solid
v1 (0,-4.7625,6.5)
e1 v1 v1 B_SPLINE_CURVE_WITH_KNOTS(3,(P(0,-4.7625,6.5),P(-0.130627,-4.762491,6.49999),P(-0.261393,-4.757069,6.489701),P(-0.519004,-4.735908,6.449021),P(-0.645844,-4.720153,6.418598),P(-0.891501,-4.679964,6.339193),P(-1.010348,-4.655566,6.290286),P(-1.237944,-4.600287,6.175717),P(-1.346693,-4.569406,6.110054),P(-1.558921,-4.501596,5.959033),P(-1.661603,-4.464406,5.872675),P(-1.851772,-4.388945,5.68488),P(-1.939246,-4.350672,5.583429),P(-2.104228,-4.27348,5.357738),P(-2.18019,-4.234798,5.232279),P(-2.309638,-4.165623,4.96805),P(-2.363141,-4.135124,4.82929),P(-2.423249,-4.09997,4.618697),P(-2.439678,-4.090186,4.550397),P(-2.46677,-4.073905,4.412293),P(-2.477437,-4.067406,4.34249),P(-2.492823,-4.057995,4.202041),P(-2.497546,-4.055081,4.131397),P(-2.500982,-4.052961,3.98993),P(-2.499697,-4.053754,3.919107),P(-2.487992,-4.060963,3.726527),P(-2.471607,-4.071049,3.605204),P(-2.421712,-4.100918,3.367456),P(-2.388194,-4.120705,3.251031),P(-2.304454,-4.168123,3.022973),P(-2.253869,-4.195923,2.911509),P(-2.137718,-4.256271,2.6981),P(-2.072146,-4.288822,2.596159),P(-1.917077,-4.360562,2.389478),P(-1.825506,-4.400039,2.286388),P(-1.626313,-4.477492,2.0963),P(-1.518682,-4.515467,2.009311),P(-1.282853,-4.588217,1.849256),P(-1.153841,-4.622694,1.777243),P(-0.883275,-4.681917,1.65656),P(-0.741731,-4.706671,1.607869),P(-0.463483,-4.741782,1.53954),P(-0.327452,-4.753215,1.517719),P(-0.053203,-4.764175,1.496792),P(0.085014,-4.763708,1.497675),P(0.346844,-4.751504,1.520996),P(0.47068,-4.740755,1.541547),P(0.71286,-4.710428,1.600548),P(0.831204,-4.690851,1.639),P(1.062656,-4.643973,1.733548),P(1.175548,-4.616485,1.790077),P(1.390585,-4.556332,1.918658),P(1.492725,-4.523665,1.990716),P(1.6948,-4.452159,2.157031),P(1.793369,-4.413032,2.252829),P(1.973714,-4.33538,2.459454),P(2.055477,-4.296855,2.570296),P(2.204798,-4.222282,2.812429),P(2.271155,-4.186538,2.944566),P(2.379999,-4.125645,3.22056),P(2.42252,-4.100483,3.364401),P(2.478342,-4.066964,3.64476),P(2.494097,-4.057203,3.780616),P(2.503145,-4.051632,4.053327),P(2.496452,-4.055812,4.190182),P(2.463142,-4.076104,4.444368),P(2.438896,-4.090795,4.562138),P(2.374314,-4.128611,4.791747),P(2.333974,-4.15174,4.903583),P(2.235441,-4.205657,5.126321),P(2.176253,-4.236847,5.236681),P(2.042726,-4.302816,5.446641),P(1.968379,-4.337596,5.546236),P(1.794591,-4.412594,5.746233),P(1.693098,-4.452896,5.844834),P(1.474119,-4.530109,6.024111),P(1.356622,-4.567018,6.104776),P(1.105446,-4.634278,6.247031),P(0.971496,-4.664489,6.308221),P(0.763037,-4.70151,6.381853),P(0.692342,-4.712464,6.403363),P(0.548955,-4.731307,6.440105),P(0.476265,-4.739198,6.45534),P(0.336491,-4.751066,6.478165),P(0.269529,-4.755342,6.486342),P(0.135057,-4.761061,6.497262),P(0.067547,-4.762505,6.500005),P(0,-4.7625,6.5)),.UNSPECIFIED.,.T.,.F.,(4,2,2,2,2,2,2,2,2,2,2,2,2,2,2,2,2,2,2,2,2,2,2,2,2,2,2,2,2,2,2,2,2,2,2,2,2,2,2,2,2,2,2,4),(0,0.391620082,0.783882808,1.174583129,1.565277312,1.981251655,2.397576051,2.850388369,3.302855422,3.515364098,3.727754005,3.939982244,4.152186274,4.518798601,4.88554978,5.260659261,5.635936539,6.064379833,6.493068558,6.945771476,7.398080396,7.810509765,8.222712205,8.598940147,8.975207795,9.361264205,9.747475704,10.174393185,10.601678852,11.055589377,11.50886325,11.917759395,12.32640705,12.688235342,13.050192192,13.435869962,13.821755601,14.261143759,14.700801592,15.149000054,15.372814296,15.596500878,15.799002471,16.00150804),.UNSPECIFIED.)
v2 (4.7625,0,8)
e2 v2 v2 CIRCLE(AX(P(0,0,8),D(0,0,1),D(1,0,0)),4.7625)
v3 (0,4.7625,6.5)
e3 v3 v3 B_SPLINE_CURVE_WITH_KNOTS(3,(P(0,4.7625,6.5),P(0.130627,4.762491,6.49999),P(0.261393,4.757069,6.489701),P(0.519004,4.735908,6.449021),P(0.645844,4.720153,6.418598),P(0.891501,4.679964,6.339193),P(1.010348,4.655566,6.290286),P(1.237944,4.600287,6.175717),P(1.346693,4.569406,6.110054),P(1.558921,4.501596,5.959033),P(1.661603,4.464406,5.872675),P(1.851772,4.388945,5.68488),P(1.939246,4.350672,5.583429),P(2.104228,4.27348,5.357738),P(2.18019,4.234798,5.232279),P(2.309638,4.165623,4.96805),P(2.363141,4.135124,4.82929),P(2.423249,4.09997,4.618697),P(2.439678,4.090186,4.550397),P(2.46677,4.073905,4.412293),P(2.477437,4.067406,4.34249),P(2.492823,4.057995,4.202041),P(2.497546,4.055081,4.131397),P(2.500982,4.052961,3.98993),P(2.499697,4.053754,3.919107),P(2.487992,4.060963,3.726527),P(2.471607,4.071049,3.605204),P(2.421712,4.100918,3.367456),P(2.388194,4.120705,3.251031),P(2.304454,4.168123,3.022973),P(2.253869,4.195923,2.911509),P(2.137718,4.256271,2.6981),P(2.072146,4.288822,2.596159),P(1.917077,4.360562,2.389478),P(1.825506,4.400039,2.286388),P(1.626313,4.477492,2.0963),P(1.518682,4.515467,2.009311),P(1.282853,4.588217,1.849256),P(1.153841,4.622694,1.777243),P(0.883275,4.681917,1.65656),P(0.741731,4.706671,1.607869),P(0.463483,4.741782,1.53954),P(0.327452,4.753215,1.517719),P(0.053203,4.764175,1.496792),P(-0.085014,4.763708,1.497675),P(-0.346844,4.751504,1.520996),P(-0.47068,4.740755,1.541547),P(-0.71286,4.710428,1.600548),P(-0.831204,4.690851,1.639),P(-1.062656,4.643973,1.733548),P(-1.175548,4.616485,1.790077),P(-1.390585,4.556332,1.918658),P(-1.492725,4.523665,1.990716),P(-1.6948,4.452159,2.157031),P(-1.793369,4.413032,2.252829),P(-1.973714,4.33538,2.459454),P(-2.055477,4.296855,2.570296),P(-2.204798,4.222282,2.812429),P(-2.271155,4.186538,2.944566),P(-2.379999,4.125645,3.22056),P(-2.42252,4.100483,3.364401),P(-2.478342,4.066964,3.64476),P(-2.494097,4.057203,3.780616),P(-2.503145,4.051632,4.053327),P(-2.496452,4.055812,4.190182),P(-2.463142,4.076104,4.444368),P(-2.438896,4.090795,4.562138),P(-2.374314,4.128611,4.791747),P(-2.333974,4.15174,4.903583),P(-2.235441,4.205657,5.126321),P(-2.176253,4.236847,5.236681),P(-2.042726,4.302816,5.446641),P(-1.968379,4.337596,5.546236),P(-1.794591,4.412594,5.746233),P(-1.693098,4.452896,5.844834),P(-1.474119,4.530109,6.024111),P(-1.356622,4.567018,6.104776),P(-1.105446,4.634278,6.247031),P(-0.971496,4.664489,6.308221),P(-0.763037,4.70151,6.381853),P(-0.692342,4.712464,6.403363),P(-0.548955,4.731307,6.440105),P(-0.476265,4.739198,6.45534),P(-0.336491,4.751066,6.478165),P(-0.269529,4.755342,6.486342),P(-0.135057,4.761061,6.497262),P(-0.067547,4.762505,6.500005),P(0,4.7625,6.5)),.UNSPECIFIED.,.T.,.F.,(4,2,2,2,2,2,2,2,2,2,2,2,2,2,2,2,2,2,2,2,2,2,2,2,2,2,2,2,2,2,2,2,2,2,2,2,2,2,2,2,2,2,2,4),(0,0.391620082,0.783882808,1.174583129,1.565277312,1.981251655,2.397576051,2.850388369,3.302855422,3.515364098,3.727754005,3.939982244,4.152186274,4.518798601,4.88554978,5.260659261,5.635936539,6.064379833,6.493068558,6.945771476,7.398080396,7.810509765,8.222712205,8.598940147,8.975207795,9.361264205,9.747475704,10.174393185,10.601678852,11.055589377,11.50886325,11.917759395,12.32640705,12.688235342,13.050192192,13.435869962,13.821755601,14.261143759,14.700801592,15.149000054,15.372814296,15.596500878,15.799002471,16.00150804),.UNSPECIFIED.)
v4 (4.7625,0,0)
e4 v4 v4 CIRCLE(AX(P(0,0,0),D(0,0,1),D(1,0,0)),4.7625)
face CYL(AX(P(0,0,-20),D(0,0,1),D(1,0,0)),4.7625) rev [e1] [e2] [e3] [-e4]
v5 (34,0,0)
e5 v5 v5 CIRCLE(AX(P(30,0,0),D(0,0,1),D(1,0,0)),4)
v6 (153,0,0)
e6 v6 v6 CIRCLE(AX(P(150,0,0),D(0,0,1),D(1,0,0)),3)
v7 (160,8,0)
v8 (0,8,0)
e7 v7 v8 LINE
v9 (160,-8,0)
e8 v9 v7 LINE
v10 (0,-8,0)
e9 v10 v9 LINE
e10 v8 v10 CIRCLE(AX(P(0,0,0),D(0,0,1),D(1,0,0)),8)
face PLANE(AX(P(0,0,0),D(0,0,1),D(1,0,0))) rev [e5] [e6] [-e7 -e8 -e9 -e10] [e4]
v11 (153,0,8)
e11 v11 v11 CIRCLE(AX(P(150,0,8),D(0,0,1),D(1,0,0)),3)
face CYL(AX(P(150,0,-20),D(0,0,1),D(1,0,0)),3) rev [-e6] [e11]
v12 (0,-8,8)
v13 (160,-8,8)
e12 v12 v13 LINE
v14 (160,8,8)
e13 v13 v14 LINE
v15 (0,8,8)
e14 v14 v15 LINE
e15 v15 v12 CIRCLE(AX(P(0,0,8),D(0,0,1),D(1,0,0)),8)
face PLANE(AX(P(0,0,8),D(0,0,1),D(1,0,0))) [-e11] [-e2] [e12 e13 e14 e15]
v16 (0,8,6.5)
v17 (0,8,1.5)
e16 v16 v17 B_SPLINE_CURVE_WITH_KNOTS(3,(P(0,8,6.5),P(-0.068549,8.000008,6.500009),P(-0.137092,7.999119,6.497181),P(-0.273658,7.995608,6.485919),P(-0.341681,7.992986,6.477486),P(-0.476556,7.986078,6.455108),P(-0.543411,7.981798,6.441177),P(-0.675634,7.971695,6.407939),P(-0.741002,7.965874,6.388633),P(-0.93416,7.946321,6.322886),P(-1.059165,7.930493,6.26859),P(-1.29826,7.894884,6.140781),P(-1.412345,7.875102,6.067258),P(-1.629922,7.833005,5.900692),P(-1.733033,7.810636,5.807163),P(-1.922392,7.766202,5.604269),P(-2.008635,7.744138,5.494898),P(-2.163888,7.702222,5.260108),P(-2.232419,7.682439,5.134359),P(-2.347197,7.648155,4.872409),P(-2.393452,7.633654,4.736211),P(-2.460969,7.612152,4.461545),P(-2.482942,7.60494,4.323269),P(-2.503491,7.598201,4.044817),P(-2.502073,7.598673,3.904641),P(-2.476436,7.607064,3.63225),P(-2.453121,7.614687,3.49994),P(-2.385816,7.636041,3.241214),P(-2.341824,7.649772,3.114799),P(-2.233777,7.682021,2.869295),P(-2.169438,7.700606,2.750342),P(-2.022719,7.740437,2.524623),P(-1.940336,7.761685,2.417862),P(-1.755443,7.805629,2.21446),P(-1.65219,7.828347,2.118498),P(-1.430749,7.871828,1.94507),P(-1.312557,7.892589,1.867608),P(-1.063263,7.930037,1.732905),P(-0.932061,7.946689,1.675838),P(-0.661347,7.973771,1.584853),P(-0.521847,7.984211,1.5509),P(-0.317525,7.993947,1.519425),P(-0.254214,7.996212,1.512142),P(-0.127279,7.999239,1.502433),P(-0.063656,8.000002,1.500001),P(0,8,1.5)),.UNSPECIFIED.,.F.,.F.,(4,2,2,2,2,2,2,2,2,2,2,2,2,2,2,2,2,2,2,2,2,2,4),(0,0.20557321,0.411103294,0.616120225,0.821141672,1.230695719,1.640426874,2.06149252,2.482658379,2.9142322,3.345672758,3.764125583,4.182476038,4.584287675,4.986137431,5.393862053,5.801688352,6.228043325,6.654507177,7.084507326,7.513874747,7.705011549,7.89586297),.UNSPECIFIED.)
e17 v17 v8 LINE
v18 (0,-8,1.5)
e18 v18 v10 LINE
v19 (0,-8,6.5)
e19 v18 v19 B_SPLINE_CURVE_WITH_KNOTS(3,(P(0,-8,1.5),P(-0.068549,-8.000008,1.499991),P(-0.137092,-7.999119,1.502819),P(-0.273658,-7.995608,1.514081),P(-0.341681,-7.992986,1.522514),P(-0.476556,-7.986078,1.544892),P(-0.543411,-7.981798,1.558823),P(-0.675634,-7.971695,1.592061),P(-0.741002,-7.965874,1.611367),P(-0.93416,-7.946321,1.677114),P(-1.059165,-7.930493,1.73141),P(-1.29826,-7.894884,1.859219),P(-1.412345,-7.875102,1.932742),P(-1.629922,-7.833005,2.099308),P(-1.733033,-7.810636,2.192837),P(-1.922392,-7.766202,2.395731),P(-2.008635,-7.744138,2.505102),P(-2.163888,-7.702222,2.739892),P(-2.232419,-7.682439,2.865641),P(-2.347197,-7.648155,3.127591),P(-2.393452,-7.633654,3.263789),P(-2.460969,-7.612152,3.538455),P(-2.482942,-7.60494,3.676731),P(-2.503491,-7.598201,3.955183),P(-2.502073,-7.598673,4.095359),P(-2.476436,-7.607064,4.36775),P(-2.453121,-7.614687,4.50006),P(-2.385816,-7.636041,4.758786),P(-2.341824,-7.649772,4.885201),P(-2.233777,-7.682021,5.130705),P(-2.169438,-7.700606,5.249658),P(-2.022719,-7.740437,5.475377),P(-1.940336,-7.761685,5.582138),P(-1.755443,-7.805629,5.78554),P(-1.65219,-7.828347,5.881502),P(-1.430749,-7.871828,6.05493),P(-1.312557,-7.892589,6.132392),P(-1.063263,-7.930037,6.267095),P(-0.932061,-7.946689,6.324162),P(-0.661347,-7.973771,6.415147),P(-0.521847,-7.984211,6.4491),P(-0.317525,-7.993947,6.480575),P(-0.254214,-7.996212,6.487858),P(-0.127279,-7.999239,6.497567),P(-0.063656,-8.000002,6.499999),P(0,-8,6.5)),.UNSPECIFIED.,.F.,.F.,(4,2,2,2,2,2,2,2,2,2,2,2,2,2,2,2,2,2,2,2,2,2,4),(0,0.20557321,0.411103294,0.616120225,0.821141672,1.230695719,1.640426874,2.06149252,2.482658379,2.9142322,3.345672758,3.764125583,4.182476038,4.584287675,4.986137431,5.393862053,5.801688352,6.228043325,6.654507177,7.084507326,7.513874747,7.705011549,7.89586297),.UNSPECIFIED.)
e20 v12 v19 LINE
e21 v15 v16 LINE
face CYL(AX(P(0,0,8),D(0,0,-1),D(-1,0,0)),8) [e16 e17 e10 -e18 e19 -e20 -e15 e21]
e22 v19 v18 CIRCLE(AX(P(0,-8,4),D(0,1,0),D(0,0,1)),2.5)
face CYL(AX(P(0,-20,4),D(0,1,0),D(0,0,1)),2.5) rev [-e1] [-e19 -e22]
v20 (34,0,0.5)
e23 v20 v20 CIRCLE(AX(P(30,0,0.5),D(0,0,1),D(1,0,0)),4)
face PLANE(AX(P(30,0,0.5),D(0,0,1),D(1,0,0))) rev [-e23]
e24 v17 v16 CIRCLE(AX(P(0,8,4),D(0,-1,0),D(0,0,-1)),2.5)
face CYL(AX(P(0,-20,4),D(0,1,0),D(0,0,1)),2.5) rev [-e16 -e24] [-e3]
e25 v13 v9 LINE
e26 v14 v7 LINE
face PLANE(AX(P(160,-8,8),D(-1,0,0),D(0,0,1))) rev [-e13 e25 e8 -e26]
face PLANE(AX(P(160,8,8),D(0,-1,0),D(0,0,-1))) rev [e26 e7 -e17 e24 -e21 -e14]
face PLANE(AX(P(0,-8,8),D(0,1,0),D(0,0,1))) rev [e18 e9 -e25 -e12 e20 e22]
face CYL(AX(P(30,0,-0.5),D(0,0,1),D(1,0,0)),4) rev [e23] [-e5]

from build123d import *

# Parameters (mm, degrees)
BOSS_EXTRUDE1_DEPTH = 8
SKETCH2_R           = 4.7625
SKETCH2_R_2         = 3
CUT_EXTRUDE1_DEPTH  = 20
SKETCH3_R           = 4
CUT_EXTRUDE2_DEPTH  = 0.5
SKETCH4_R           = 2.5
CUT_EXTRUDE3_DEPTH  = 20


with BuildPart() as part:
    # Sketch1 → Boss-Extrude1 (new body)
    with BuildSketch(Plane.XY):
        with BuildLine():
            Line((0, -8), (160, -8))
            Line((160, -8), (160, 8))
            Line((160, 8), (0, 8))
            ThreePointArc((0, 8), (-8, 0), (0, -8))
        make_face()
    extrude(amount=BOSS_EXTRUDE1_DEPTH)

    # Sketch2 → Cut-Extrude1 (cut, symmetric)
    with BuildSketch(Plane.XY):
        Circle(SKETCH2_R)
        with Locations((150, 0)):
            Circle(SKETCH2_R_2)
    extrude(amount=CUT_EXTRUDE1_DEPTH, both=True, mode=Mode.SUBTRACT)

    # Sketch3 → Cut-Extrude2 (cut, symmetric)
    with BuildSketch(Plane.XY):
        with Locations((30, 0)):
            Circle(SKETCH3_R)
    extrude(amount=CUT_EXTRUDE2_DEPTH, both=True, mode=Mode.SUBTRACT)

    # Sketch4 → Cut-Extrude3 (cut, symmetric)
    with BuildSketch(Plane(origin=(0, 0, 0), x_dir=(1, 0, 0), z_dir=(0, 1, 0))):
        with Locations((0, -4)):
            Circle(SKETCH4_R)
    extrude(amount=CUT_EXTRUDE3_DEPTH, both=True, mode=Mode.SUBTRACT)


solid = part.part
